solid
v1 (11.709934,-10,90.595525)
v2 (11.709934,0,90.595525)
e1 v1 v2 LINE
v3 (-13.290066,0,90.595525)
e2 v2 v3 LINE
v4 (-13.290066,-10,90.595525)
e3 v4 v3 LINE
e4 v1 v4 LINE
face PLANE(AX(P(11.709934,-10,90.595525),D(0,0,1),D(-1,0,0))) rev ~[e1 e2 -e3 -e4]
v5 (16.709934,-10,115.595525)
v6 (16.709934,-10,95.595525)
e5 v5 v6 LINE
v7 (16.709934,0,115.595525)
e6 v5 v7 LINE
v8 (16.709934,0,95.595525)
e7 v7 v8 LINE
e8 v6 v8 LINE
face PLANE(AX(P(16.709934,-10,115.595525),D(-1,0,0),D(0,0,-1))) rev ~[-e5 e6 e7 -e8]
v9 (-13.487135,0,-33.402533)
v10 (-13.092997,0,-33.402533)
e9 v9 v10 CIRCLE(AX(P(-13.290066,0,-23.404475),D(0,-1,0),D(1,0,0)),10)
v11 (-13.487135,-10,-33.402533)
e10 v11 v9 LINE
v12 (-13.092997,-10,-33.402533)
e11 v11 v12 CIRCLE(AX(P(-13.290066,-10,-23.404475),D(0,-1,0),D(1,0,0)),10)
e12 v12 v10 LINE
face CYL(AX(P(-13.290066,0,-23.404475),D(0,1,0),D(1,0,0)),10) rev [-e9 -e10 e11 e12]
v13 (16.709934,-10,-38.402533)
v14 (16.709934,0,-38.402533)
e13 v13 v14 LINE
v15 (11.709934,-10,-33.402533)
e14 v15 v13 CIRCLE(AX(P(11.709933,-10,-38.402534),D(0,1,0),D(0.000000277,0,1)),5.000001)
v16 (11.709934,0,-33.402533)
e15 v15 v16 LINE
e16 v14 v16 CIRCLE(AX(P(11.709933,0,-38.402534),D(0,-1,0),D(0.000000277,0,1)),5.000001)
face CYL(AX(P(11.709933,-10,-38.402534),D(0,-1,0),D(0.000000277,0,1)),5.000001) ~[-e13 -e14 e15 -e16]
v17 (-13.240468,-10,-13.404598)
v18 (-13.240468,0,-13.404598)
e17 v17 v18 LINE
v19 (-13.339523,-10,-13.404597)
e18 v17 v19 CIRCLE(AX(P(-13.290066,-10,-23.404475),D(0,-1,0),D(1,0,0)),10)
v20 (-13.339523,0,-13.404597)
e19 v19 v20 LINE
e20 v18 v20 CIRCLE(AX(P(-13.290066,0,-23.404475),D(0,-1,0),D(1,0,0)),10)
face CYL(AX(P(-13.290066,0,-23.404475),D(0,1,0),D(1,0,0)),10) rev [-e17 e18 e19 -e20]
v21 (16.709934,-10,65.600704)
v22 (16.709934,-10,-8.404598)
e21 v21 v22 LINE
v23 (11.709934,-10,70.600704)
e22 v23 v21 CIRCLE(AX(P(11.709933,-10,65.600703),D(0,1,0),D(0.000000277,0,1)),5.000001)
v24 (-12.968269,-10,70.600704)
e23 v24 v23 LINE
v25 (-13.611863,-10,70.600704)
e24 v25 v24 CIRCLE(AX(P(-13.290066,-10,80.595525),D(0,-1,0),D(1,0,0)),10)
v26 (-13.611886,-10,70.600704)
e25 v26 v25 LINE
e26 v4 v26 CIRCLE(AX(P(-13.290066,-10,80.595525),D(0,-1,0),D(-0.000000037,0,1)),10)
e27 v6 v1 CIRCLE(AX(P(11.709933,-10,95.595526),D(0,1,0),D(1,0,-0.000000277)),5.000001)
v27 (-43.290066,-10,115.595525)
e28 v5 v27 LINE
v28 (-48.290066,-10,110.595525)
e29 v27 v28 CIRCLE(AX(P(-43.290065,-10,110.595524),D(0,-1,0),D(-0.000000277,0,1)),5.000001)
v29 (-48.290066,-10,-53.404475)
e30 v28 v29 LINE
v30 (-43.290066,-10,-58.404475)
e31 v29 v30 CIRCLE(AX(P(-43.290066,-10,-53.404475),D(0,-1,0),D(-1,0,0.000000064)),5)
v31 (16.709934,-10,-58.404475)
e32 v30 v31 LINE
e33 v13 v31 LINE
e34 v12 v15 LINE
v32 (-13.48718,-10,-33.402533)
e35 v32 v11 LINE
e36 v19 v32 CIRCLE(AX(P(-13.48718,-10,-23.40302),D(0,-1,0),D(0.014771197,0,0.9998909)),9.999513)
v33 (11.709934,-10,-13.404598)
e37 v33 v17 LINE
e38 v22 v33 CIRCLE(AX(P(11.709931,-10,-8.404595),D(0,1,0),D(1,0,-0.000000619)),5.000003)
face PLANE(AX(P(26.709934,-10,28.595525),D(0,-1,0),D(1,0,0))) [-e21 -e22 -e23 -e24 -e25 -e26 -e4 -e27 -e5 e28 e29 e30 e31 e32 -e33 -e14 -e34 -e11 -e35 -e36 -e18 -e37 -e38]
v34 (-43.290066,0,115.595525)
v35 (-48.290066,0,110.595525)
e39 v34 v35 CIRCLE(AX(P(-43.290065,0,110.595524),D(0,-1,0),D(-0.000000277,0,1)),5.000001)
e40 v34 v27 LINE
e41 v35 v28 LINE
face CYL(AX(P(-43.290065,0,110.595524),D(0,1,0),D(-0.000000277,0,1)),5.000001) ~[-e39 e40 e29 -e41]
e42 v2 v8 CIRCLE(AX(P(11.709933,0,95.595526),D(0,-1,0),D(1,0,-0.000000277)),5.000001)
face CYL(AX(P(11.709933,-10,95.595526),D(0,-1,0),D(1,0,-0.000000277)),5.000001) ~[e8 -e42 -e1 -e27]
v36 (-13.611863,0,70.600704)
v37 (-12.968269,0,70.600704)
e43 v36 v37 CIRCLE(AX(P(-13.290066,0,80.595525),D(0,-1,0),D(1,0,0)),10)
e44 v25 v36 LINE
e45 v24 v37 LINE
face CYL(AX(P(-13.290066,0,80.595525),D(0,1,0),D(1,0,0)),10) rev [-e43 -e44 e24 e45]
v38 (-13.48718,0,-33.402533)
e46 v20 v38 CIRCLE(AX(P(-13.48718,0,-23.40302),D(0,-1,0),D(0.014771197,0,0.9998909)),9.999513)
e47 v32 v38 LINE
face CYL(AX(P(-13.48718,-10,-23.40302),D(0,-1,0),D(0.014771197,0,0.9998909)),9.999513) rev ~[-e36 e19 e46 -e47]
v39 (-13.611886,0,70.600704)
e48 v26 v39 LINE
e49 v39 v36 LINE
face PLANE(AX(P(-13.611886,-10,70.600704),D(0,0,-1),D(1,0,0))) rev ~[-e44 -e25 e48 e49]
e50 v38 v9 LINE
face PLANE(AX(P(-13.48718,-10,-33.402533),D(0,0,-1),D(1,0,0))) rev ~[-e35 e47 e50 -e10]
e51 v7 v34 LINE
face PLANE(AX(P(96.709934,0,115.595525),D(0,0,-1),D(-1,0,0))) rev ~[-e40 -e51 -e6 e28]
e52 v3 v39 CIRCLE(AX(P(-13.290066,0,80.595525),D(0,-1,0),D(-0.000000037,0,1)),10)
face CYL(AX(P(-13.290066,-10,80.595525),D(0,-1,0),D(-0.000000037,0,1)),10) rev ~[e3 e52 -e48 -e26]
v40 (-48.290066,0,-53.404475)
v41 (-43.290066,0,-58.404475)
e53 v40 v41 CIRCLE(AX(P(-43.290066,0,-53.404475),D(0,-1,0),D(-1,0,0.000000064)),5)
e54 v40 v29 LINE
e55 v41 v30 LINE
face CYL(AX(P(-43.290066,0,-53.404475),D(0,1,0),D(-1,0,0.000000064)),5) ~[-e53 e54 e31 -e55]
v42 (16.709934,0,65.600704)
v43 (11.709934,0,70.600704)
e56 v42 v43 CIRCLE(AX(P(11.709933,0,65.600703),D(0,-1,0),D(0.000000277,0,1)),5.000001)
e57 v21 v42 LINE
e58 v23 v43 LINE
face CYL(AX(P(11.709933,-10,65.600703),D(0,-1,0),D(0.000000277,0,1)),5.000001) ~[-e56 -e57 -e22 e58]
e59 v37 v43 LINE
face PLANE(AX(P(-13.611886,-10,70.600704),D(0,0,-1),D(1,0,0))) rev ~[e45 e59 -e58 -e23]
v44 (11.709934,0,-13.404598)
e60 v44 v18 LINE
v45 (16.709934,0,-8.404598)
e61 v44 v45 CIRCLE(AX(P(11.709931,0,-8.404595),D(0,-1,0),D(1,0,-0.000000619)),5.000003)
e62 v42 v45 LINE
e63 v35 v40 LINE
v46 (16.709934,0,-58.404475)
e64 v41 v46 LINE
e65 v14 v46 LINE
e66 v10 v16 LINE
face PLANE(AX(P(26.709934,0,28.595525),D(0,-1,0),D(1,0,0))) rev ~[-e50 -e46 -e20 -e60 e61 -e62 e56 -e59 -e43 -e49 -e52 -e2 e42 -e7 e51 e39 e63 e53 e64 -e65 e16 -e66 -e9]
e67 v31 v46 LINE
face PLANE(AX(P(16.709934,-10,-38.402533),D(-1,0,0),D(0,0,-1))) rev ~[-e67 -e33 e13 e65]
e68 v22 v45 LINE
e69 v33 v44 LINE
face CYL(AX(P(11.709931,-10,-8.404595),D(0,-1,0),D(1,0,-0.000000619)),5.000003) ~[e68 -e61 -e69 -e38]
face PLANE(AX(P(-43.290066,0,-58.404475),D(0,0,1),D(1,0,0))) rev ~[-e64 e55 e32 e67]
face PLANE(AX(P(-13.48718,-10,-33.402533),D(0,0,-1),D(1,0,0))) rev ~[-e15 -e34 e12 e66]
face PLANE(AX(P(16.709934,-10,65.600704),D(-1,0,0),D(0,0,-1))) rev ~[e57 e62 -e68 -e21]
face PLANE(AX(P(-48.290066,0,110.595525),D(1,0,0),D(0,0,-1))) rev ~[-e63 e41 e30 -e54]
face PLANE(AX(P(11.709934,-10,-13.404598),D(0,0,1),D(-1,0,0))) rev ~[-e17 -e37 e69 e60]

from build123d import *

# Parameters (mm, degrees)
F0_R     = 10
F1_DEPTH = 10
F3_DEPTH = 25


with BuildPart() as f1:
    # F0 (on Front) → F1 (new body)
    with BuildSketch(Plane.XZ):
        with BuildLine():
            Line((96.709934, 115.595525), (-43.290066, 115.595525))
            ThreePointArc((-43.290066, 115.595525), (-46.8256, 114.131058), (-48.290066, 110.595525))
            Line((-48.290066, 110.595525), (-48.290066, -53.404475))
            ThreePointArc((-48.290066, -53.404475), (-46.8256, -56.940009), (-43.290066, -58.404475))
            Line((-43.290066, -58.404475), (96.709934, -58.404475))
            ThreePointArc((96.709934, -58.404475), (100.245467, -56.940009), (101.709934, -53.404475))
            Line((101.709934, -53.404475), (101.709934, 110.595525))
            ThreePointArc((101.709934, 110.595525), (100.245467, 114.131058), (96.709934, 115.595525))
        make_face()
        with Locations((-13.290066, -23.404475)):
            Circle(F0_R, mode=Mode.SUBTRACT)
        with Locations((66.709934, -23.404475)):
            Circle(F0_R, mode=Mode.SUBTRACT)
        with Locations((-13.290066, 80.595525)):
            Circle(F0_R, mode=Mode.SUBTRACT)
        with Locations((66.709934, 80.595525)):
            Circle(F0_R, mode=Mode.SUBTRACT)
    extrude(amount=F1_DEPTH)

    # F2 (on face) → F3 (cut)
    with BuildSketch(Plane.XZ.offset(10)):
        with BuildLine():
            Line((128.527537, 115.595525), (16.709934, 115.595525))
            Line((16.709934, 115.595525), (16.709934, 95.595525))
            ThreePointArc((16.709934, 95.595525), (15.245467, 92.059991), (11.709934, 90.595525))
            Line((11.709934, 90.595525), (-13.290066, 90.595525))
            ThreePointArc((-13.290066, 90.595525), (-23.288771, 80.756455), (-13.611886, 70.600704))
            Line((-13.611886, 70.600704), (11.709934, 70.600704))
            ThreePointArc((11.709934, 70.600704), (15.245467, 69.136238), (16.709934, 65.600704))
            Line((16.709934, 65.600704), (16.709934, -8.404598))
            ThreePointArc((16.709934, -8.404598), (15.245467, -11.940131), (11.709934, -13.404598))
            Line((11.709934, -13.404598), (-13.339475, -13.404598))
            ThreePointArc((-13.339475, -13.404598), (-23.48642, -23.329165), (-13.48718, -33.402533))
            Line((-13.48718, -33.402533), (11.709934, -33.402533))
            ThreePointArc((11.709934, -33.402533), (15.245467, -34.866999), (16.709934, -38.402533))
            Line((16.709934, -38.402533), (16.709934, -58.404475))
            Line((16.709934, -58.404475), (128.527537, -58.404475))
            Line((128.527537, -58.404475), (128.527537, 115.595525))
        make_face()
    extrude(amount=-F3_DEPTH, mode=Mode.SUBTRACT)


solid = f1.part
